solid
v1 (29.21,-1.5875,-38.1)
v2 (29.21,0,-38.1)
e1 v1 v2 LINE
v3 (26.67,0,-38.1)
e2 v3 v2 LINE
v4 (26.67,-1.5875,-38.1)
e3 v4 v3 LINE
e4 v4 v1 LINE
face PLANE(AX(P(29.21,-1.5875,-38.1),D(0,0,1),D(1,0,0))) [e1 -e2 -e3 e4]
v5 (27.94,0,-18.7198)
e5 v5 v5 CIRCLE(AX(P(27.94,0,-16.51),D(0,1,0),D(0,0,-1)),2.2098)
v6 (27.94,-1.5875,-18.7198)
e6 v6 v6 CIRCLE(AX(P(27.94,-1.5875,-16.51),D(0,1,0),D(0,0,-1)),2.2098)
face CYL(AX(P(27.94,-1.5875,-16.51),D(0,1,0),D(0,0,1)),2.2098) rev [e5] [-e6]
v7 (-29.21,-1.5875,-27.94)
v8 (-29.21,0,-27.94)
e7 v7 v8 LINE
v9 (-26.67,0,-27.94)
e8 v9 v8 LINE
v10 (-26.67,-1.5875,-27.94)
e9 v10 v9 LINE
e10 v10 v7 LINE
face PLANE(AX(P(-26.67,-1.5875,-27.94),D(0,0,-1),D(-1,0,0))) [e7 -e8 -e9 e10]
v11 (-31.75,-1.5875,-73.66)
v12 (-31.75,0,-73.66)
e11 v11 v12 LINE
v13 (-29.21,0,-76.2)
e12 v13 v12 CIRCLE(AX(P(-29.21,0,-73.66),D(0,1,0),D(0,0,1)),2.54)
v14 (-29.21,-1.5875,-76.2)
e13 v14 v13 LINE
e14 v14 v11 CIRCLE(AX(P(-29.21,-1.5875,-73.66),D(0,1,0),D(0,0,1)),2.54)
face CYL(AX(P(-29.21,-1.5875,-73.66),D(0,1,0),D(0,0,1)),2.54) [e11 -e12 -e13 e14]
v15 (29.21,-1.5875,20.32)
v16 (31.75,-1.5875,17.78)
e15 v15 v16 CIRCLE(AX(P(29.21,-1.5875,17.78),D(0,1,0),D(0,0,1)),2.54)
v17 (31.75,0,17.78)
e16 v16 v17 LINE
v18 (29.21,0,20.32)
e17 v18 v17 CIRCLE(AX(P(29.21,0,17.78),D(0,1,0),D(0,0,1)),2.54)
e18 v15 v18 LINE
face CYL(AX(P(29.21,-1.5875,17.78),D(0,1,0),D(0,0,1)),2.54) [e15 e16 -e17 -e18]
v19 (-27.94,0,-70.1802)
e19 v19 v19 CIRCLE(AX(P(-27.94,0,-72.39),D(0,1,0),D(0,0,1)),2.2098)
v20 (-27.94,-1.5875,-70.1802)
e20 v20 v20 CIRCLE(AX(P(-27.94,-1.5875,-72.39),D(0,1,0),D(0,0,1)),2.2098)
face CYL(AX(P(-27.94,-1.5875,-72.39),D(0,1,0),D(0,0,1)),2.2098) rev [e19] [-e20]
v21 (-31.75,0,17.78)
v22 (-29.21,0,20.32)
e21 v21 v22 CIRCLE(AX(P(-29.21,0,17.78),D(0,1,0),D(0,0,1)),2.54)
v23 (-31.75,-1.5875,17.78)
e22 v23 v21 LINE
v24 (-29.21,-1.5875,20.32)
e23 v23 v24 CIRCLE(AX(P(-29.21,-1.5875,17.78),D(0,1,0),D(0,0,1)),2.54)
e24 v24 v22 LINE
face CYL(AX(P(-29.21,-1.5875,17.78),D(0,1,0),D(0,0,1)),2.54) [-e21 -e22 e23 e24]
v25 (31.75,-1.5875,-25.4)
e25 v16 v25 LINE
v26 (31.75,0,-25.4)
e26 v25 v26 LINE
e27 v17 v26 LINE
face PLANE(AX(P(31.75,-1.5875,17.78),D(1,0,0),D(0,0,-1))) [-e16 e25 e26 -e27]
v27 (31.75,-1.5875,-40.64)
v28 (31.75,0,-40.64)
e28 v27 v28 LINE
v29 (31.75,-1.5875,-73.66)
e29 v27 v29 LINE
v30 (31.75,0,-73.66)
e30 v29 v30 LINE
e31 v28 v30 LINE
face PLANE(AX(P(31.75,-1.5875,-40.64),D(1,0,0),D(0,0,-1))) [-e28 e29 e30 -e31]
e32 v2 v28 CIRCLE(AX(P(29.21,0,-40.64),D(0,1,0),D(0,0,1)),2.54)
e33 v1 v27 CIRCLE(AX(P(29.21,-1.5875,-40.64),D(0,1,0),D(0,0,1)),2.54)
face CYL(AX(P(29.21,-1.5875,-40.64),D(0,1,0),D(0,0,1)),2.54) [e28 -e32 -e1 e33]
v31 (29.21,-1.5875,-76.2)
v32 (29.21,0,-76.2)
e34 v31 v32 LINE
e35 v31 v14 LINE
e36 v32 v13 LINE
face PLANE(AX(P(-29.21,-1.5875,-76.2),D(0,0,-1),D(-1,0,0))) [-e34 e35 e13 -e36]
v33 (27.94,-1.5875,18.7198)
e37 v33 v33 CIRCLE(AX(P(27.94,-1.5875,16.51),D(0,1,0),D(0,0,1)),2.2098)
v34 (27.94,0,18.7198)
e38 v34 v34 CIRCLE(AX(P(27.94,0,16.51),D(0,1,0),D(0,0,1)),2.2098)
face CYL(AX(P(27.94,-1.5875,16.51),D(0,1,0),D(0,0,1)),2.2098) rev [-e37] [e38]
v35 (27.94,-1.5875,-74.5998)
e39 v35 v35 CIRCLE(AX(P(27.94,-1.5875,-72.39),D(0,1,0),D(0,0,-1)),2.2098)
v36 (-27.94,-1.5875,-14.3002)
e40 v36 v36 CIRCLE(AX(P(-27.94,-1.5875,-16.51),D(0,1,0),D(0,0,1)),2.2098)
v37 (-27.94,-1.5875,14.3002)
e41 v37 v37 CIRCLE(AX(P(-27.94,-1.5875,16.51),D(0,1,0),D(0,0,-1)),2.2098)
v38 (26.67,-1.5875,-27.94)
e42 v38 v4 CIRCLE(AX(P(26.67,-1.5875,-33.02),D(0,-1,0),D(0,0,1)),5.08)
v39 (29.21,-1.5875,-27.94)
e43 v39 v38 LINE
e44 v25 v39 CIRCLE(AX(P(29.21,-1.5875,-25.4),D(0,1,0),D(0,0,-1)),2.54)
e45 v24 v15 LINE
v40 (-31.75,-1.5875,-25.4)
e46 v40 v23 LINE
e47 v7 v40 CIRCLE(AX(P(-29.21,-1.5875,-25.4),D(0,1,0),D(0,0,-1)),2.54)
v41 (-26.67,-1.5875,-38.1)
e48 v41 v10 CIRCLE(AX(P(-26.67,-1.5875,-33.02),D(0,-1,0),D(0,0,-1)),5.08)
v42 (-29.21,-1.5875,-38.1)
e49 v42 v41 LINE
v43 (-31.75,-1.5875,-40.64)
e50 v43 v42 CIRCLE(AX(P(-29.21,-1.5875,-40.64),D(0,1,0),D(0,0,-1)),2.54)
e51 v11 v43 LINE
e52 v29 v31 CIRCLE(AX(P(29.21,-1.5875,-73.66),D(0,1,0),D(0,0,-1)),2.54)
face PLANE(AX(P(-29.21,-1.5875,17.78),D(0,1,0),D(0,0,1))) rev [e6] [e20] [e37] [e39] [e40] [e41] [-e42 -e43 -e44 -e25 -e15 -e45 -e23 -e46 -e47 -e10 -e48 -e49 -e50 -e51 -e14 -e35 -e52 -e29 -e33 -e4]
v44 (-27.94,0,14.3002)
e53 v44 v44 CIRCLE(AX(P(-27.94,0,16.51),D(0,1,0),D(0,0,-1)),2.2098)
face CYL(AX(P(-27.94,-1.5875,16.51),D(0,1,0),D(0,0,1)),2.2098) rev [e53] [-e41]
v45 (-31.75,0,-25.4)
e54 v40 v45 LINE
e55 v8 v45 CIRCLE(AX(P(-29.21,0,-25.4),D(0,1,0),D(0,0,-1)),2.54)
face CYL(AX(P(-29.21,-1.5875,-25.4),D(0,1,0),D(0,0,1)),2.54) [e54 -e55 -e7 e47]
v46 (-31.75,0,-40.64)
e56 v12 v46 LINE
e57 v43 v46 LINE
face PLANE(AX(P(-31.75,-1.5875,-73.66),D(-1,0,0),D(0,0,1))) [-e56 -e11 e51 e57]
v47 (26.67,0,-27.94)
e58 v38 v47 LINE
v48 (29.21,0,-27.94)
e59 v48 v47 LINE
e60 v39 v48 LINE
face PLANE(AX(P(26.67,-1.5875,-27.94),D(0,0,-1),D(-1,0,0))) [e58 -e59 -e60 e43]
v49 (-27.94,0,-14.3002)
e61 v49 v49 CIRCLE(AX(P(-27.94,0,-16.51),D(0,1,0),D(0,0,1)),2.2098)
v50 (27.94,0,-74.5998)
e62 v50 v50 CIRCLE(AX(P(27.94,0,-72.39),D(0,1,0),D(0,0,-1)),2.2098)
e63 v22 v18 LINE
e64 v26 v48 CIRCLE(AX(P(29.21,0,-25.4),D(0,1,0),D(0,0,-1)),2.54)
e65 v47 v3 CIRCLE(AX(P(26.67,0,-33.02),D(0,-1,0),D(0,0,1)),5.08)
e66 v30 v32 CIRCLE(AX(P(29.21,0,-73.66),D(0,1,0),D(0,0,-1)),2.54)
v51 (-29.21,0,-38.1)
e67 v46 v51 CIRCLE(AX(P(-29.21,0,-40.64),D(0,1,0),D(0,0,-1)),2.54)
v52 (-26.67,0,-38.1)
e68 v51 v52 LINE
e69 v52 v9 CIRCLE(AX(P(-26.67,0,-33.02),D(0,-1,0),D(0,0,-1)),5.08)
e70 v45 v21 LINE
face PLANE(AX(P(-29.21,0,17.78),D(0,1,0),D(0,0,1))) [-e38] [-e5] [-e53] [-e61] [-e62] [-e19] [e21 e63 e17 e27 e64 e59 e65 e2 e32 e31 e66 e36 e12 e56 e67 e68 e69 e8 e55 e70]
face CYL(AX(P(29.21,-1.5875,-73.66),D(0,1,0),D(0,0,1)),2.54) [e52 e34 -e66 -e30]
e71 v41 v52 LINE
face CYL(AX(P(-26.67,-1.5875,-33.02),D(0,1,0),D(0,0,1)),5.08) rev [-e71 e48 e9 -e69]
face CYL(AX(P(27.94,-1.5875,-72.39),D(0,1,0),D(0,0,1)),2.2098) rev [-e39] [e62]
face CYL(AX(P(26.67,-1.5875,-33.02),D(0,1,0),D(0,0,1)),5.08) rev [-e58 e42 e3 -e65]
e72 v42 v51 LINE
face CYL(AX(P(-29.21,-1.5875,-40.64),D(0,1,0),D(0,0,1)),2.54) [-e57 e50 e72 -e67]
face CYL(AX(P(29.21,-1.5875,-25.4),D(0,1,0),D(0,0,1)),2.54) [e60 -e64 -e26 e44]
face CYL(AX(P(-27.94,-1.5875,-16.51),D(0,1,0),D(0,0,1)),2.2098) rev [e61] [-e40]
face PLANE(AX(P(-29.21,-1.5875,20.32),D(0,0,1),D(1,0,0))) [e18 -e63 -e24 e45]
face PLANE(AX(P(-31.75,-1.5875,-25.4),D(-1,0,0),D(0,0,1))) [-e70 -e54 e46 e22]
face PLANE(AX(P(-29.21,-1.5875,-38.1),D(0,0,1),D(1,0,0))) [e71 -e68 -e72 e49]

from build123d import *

# Parameters (mm, degrees)
BOSS_EXTRUDE1_DEPTH = 1.5875
SKETCH5_R           = 2.2098
CUT_EXTRUDE1_DEPTH  = 2.5875


with BuildPart() as part:
    # Sketch4 → Boss-Extrude1 (new body)
    with BuildSketch(Plane(origin=(0, 0, 0), x_dir=(1, 0, 0), z_dir=(0, 1, 0))):
        with BuildLine():
            Line((-29.21, 76.2), (29.21, 76.2))
            ThreePointArc((29.21, 76.2), (31.006051224, 75.456051224), (31.75, 73.66))
            Line((31.75, 73.66), (31.75, 40.64))
            ThreePointArc((31.75, 40.64), (31.006051224, 38.843948776), (29.21, 38.1))
            Line((29.21, 38.1), (26.67, 38.1))
            ThreePointArc((26.67, 38.1), (21.59, 33.02), (26.67, 27.94))
            Line((26.67, 27.94), (29.21, 27.94))
            ThreePointArc((29.21, 27.94), (31.006051224, 27.196051224), (31.75, 25.4))
            Line((31.75, 25.4), (31.75, -17.78))
            ThreePointArc((31.75, -17.78), (31.006051224, -19.576051224), (29.21, -20.32))
            Line((29.21, -20.32), (-29.21, -20.32))
            ThreePointArc((-29.21, -20.32), (-31.006051224, -19.576051224), (-31.75, -17.78))
            Line((-31.75, -17.78), (-31.75, 25.4))
            ThreePointArc((-31.75, 25.4), (-31.006051224, 27.196051224), (-29.21, 27.94))
            Line((-29.21, 27.94), (-26.67, 27.94))
            ThreePointArc((-26.67, 27.94), (-21.59, 33.02), (-26.67, 38.1))
            Line((-26.67, 38.1), (-29.21, 38.1))
            ThreePointArc((-29.21, 38.1), (-31.006051224, 38.843948776), (-31.75, 40.64))
            Line((-31.75, 40.64), (-31.75, 73.66))
            ThreePointArc((-31.75, 73.66), (-31.006051224, 75.456051224), (-29.21, 76.2))
        make_face()
    extrude(amount=-BOSS_EXTRUDE1_DEPTH)

    # Sketch5 → Cut-Extrude1 (cut, through all)
    with BuildSketch(Plane(origin=(0, 0, 0), x_dir=(1, 0, 0), z_dir=(0, 1, 0))):
        with Locations((-27.94, 72.39)):
            Circle(SKETCH5_R)
        with Locations((27.94, 72.39)):
            Circle(SKETCH5_R)
        with Locations((-27.94, -16.51)):
            Circle(SKETCH5_R)
        with Locations((27.94, -16.51)):
            Circle(SKETCH5_R)
        with Locations((-27.94, 16.51)):
            Circle(SKETCH5_R)
        with Locations((27.94, 16.51)):
            Circle(SKETCH5_R)
    extrude(amount=-CUT_EXTRUDE1_DEPTH, mode=Mode.SUBTRACT)


solid = part.part
